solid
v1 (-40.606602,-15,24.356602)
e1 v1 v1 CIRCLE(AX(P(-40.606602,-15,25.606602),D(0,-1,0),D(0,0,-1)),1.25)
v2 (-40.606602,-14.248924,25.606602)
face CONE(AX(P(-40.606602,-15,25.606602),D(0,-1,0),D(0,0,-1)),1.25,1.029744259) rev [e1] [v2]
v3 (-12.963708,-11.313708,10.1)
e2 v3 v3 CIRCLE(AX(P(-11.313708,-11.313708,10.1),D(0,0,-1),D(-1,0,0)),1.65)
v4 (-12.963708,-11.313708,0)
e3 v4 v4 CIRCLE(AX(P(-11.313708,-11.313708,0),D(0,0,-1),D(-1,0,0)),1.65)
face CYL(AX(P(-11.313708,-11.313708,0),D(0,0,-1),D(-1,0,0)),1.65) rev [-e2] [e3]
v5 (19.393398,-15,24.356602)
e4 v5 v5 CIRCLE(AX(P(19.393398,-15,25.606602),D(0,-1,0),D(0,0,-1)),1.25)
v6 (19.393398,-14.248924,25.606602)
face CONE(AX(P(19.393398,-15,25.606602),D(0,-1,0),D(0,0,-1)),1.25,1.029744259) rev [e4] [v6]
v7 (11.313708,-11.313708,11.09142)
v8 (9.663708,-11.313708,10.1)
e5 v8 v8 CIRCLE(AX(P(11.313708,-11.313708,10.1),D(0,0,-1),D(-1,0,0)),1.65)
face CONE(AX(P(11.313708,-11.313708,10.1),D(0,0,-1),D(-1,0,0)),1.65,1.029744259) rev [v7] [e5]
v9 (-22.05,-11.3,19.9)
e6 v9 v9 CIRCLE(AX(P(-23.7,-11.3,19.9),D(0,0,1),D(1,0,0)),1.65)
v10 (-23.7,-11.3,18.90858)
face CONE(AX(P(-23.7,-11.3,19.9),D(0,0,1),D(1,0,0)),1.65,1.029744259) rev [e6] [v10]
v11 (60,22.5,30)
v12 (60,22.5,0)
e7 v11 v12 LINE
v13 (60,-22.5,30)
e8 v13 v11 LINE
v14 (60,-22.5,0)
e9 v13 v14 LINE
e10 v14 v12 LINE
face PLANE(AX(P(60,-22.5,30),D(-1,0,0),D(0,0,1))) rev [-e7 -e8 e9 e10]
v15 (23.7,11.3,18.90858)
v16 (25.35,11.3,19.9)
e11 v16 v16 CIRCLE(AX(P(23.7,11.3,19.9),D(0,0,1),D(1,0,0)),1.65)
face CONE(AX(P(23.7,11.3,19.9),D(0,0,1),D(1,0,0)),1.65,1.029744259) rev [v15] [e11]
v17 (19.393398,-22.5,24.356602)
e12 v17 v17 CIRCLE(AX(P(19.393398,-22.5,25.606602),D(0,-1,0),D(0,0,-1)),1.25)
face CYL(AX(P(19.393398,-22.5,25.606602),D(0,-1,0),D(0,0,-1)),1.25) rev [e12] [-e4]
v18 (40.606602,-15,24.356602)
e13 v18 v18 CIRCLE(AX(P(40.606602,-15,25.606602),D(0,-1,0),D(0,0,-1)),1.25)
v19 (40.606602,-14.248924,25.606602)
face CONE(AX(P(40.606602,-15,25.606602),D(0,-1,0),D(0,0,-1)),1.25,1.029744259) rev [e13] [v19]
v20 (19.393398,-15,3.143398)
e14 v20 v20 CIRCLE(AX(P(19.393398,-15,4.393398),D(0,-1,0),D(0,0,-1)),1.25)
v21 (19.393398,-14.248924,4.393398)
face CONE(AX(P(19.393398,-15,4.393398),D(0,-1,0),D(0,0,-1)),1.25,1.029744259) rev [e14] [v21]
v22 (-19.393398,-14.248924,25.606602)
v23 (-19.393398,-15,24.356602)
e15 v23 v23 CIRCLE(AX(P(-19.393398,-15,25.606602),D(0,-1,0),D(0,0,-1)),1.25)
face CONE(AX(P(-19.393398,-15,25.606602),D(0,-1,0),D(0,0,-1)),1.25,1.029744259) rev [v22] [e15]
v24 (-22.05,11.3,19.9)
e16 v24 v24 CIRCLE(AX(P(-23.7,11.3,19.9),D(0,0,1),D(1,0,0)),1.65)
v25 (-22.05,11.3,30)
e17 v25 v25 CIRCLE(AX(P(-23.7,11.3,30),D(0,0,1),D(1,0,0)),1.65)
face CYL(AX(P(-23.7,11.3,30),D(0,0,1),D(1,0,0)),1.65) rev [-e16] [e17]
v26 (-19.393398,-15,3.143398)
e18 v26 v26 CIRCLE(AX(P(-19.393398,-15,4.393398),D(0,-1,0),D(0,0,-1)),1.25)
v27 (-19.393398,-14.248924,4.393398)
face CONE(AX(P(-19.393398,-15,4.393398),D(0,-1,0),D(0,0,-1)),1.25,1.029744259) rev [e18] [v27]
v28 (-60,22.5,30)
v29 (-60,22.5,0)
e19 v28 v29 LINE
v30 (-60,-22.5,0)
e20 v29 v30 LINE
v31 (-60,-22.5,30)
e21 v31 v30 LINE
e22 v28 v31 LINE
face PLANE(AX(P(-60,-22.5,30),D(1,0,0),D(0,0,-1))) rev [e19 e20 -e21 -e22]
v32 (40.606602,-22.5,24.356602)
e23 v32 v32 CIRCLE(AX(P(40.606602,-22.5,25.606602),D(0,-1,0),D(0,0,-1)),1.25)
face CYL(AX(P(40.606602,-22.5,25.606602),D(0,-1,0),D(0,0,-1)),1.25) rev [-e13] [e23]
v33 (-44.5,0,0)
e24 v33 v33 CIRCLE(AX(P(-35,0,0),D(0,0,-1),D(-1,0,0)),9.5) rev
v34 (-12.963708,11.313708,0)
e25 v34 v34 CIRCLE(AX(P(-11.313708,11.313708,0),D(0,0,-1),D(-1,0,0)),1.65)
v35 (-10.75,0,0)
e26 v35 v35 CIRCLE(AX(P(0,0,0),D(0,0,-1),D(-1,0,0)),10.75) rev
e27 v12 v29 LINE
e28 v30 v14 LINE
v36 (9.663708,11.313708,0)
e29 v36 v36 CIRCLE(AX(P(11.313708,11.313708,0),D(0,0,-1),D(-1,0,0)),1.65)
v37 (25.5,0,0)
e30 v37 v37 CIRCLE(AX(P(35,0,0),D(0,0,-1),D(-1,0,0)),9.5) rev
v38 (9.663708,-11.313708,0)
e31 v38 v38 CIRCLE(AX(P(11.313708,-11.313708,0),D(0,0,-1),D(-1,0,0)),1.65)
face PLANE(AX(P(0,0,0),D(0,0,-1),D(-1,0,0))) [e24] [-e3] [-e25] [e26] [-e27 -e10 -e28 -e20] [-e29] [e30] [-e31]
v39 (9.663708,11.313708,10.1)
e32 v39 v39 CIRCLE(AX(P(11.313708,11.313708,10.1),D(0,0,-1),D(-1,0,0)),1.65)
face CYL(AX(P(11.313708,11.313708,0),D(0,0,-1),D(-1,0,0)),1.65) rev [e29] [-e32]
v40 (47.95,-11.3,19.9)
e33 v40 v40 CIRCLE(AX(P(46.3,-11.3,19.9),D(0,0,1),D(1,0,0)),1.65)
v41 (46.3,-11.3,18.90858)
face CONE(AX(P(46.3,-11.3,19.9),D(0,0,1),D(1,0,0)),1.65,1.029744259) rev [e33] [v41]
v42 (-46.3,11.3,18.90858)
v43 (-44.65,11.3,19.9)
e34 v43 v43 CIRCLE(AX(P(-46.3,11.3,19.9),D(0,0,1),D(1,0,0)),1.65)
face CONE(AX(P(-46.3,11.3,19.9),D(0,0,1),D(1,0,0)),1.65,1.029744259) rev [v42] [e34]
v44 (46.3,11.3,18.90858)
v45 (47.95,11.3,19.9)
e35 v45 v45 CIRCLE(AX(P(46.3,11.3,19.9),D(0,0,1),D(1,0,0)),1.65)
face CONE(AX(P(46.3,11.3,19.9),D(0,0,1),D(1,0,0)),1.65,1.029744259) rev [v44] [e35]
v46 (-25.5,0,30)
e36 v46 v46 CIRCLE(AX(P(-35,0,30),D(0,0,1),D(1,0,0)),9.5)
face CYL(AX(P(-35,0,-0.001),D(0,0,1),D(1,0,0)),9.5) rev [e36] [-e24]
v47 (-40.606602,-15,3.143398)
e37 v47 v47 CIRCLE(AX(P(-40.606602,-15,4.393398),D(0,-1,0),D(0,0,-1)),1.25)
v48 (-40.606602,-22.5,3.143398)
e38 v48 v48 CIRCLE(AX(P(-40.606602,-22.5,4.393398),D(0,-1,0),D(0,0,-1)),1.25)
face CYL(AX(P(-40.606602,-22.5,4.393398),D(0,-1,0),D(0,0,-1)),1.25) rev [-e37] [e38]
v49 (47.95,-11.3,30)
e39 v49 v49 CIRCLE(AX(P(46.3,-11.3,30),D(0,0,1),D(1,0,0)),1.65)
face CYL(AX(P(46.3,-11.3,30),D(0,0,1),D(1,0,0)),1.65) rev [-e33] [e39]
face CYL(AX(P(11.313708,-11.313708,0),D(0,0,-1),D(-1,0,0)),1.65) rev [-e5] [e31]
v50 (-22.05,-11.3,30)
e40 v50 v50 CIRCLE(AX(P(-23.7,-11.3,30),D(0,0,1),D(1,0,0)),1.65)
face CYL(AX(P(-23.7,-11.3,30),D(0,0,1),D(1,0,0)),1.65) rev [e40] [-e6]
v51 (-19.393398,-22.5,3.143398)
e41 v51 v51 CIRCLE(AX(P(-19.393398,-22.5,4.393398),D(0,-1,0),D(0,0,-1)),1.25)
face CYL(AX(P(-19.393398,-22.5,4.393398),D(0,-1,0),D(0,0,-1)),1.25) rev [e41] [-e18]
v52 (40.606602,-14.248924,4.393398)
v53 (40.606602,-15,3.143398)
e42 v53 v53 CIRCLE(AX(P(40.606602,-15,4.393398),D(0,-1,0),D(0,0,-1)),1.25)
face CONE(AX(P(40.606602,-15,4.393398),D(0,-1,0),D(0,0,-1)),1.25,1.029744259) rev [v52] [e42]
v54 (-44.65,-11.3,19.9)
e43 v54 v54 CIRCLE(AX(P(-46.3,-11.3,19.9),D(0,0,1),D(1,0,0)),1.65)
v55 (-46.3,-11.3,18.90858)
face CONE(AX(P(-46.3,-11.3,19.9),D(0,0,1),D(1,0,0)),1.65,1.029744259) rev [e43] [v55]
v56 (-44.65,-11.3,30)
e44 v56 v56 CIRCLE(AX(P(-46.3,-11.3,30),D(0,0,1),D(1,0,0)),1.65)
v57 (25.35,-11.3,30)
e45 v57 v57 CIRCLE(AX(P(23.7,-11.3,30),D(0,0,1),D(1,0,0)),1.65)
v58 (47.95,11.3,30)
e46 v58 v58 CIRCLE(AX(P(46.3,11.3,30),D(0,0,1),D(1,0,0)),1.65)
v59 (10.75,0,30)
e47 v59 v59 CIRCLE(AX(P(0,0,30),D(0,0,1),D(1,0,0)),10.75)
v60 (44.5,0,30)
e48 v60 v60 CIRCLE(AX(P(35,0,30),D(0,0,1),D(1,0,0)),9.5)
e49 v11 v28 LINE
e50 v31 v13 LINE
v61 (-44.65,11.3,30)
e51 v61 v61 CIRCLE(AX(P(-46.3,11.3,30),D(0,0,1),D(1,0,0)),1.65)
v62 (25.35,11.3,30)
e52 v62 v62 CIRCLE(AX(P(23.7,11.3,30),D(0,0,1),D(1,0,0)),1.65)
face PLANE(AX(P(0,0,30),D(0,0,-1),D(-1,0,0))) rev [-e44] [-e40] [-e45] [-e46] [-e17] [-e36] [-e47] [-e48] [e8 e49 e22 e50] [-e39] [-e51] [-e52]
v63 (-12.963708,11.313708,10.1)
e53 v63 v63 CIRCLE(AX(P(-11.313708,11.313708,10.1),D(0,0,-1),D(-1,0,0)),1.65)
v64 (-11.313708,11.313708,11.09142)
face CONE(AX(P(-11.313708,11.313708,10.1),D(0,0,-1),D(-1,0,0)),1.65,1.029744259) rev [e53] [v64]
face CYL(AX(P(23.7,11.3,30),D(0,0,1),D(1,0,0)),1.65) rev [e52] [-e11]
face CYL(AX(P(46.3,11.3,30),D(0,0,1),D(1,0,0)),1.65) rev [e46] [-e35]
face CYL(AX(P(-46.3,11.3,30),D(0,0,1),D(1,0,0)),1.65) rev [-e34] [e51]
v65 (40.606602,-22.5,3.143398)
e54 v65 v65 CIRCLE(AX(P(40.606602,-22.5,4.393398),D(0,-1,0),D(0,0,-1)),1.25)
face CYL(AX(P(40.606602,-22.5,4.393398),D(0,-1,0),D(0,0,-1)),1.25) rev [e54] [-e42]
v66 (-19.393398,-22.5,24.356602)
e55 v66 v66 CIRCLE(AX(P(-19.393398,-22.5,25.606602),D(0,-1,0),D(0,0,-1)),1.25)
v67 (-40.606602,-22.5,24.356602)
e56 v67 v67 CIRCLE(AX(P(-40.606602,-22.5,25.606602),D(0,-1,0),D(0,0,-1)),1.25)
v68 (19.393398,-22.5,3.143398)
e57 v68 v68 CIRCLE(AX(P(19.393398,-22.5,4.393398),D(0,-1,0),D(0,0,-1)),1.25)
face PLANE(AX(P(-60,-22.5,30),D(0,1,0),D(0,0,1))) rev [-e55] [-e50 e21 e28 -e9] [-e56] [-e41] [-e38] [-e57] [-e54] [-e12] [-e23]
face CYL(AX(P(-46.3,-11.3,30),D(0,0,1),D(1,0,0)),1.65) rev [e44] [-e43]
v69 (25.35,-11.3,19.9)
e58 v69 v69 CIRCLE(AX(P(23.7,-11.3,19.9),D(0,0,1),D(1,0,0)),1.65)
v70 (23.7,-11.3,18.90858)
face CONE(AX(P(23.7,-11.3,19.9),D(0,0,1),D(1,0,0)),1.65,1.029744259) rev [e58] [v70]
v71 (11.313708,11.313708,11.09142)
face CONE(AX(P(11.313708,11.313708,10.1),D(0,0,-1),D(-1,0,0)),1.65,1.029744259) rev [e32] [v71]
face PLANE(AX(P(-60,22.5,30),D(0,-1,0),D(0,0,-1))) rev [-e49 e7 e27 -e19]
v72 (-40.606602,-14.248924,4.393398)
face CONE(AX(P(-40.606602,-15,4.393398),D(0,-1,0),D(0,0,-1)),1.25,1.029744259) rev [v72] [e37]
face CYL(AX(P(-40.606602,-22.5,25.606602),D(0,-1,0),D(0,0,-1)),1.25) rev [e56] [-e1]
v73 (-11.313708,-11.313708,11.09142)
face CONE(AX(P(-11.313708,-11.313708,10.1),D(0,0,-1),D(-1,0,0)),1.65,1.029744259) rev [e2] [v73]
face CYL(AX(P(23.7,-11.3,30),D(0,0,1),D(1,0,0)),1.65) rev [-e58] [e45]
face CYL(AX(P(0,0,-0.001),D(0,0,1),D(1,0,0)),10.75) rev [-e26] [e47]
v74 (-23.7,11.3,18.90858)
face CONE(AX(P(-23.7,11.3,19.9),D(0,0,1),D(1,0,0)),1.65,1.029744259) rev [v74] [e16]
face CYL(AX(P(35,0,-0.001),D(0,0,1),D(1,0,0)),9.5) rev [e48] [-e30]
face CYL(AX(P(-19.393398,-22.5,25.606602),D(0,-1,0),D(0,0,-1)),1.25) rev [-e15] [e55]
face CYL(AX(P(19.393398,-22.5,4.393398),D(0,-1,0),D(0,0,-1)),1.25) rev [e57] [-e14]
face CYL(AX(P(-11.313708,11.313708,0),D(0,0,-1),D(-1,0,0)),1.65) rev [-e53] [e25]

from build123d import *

# Parameters (mm, degrees)
SKETCH_1_W             = 120
SKETCH_1_H             = 45
EXTRUDE_1_DEPTH        = 30
CUT_EXTRUDE_1_REACH    = 72.755
SKETCH_2_R             = 9.5
SKETCH_2_R_2           = 10.75
HOLE_WIZARD_M4_1_D     = 3.3
HOLE_WIZARD_M4_1_DEPTH = 10.1
HOLE_WIZARD_M4_1_TIP   = 0.991420021
HOLE_WIZARD_M4_2_D     = 3.3
HOLE_WIZARD_M4_2_DEPTH = 10.1
HOLE_WIZARD_M4_2_TIP   = 0.991420021
HOLE_WIZARD_M3_1_D     = 2.5
HOLE_WIZARD_M3_1_DEPTH = 7.5
HOLE_WIZARD_M3_1_TIP   = 0.751075774


with BuildPart() as part:
    # 草图1 → 凸台-拉伸1 (new body)
    with BuildSketch(Plane.XY):
        Rectangle(SKETCH_1_W, SKETCH_1_H)
    extrude(amount=EXTRUDE_1_DEPTH)

    # 草图2 → 切除-拉伸1 (cut, up to next)
    with BuildSketch(Plane.XY.offset(30), mode=Mode.PRIVATE) as cut_extrude_1_sk1:
        with Locations((-35, 0)):
            Circle(SKETCH_2_R)
    cut_extrude_1_tool1 = extrude(cut_extrude_1_sk1.sketch, amount=-CUT_EXTRUDE_1_REACH, mode=Mode.PRIVATE) & part.part
    # 草图2 → 切除-拉伸1 (cut, up to next)
    with BuildSketch(Plane.XY.offset(30), mode=Mode.PRIVATE) as cut_extrude_1_sk2:
        with Locations((35, 0)):
            Circle(SKETCH_2_R)
    cut_extrude_1_tool2 = extrude(cut_extrude_1_sk2.sketch, amount=-CUT_EXTRUDE_1_REACH, mode=Mode.PRIVATE) & part.part
    # 草图2 → 切除-拉伸1 (cut, up to next)
    with BuildSketch(Plane.XY.offset(30), mode=Mode.PRIVATE) as cut_extrude_1_sk3:
        Circle(SKETCH_2_R_2)
    cut_extrude_1_tool3 = extrude(cut_extrude_1_sk3.sketch, amount=-CUT_EXTRUDE_1_REACH, mode=Mode.PRIVATE) & part.part
    add(cut_extrude_1_tool1.solids().sort_by_distance((-35, 0, 30))[0], mode=Mode.SUBTRACT)
    add(cut_extrude_1_tool2.solids().sort_by_distance((35, 0, 30))[0], mode=Mode.SUBTRACT)
    add(cut_extrude_1_tool3.solids().sort_by_distance((0, 0, 30))[0], mode=Mode.SUBTRACT)

    # M4 螺纹孔1
    with Locations(Plane.XY.offset(30)):
        with Locations((23.7, 11.3), (-35, 0), (-23.7, 11.3), (-46.3, -11.3), (-46.3, 11.3), (-23.7, -11.3), (46.3, 11.3), (46.3, -11.3), (23.7, -11.3)):
            Hole(HOLE_WIZARD_M4_1_D / 2, depth=HOLE_WIZARD_M4_1_DEPTH)
            with Locations((0, 0, -(HOLE_WIZARD_M4_1_DEPTH + HOLE_WIZARD_M4_1_TIP / 2))):  # 118° drill point
                Cone(0, HOLE_WIZARD_M4_1_D / 2, HOLE_WIZARD_M4_1_TIP, mode=Mode.SUBTRACT)

    # M4 螺纹孔2
    with Locations(Plane(origin=(0, 0, 0), x_dir=(-1, 0, 0), z_dir=(0, 0, -1))):
        with Locations((11.313708499, 11.313708499), (-11.313708499, -11.313708499), (-11.313708499, 11.313708499), (11.313708499, -11.313708499)):
            Hole(HOLE_WIZARD_M4_2_D / 2, depth=HOLE_WIZARD_M4_2_DEPTH)
            with Locations((0, 0, -(HOLE_WIZARD_M4_2_DEPTH + HOLE_WIZARD_M4_2_TIP / 2))):  # 118° drill point
                Cone(0, HOLE_WIZARD_M4_2_D / 2, HOLE_WIZARD_M4_2_TIP, mode=Mode.SUBTRACT)

    # M3 螺纹孔1
    with Locations(Plane(origin=(0, -22.5, 0), x_dir=(-1, 0, 0), z_dir=(0, -1, 0))):
        with Locations((-40.606601718, -4.393398282), (-19.393398282, -4.393398282), (-19.393398282, -25.606601718), (-40.606601718, -25.606601718), (19.393398282, -4.393398282), (40.606601718, -4.393398282), (19.393398282, -25.606601718), (40.606601718, -25.606601718)):
            Hole(HOLE_WIZARD_M3_1_D / 2, depth=HOLE_WIZARD_M3_1_DEPTH)
            with Locations((0, 0, -(HOLE_WIZARD_M3_1_DEPTH + HOLE_WIZARD_M3_1_TIP / 2))):  # 118° drill point
                Cone(0, HOLE_WIZARD_M3_1_D / 2, HOLE_WIZARD_M3_1_TIP, mode=Mode.SUBTRACT)


solid = part.part
